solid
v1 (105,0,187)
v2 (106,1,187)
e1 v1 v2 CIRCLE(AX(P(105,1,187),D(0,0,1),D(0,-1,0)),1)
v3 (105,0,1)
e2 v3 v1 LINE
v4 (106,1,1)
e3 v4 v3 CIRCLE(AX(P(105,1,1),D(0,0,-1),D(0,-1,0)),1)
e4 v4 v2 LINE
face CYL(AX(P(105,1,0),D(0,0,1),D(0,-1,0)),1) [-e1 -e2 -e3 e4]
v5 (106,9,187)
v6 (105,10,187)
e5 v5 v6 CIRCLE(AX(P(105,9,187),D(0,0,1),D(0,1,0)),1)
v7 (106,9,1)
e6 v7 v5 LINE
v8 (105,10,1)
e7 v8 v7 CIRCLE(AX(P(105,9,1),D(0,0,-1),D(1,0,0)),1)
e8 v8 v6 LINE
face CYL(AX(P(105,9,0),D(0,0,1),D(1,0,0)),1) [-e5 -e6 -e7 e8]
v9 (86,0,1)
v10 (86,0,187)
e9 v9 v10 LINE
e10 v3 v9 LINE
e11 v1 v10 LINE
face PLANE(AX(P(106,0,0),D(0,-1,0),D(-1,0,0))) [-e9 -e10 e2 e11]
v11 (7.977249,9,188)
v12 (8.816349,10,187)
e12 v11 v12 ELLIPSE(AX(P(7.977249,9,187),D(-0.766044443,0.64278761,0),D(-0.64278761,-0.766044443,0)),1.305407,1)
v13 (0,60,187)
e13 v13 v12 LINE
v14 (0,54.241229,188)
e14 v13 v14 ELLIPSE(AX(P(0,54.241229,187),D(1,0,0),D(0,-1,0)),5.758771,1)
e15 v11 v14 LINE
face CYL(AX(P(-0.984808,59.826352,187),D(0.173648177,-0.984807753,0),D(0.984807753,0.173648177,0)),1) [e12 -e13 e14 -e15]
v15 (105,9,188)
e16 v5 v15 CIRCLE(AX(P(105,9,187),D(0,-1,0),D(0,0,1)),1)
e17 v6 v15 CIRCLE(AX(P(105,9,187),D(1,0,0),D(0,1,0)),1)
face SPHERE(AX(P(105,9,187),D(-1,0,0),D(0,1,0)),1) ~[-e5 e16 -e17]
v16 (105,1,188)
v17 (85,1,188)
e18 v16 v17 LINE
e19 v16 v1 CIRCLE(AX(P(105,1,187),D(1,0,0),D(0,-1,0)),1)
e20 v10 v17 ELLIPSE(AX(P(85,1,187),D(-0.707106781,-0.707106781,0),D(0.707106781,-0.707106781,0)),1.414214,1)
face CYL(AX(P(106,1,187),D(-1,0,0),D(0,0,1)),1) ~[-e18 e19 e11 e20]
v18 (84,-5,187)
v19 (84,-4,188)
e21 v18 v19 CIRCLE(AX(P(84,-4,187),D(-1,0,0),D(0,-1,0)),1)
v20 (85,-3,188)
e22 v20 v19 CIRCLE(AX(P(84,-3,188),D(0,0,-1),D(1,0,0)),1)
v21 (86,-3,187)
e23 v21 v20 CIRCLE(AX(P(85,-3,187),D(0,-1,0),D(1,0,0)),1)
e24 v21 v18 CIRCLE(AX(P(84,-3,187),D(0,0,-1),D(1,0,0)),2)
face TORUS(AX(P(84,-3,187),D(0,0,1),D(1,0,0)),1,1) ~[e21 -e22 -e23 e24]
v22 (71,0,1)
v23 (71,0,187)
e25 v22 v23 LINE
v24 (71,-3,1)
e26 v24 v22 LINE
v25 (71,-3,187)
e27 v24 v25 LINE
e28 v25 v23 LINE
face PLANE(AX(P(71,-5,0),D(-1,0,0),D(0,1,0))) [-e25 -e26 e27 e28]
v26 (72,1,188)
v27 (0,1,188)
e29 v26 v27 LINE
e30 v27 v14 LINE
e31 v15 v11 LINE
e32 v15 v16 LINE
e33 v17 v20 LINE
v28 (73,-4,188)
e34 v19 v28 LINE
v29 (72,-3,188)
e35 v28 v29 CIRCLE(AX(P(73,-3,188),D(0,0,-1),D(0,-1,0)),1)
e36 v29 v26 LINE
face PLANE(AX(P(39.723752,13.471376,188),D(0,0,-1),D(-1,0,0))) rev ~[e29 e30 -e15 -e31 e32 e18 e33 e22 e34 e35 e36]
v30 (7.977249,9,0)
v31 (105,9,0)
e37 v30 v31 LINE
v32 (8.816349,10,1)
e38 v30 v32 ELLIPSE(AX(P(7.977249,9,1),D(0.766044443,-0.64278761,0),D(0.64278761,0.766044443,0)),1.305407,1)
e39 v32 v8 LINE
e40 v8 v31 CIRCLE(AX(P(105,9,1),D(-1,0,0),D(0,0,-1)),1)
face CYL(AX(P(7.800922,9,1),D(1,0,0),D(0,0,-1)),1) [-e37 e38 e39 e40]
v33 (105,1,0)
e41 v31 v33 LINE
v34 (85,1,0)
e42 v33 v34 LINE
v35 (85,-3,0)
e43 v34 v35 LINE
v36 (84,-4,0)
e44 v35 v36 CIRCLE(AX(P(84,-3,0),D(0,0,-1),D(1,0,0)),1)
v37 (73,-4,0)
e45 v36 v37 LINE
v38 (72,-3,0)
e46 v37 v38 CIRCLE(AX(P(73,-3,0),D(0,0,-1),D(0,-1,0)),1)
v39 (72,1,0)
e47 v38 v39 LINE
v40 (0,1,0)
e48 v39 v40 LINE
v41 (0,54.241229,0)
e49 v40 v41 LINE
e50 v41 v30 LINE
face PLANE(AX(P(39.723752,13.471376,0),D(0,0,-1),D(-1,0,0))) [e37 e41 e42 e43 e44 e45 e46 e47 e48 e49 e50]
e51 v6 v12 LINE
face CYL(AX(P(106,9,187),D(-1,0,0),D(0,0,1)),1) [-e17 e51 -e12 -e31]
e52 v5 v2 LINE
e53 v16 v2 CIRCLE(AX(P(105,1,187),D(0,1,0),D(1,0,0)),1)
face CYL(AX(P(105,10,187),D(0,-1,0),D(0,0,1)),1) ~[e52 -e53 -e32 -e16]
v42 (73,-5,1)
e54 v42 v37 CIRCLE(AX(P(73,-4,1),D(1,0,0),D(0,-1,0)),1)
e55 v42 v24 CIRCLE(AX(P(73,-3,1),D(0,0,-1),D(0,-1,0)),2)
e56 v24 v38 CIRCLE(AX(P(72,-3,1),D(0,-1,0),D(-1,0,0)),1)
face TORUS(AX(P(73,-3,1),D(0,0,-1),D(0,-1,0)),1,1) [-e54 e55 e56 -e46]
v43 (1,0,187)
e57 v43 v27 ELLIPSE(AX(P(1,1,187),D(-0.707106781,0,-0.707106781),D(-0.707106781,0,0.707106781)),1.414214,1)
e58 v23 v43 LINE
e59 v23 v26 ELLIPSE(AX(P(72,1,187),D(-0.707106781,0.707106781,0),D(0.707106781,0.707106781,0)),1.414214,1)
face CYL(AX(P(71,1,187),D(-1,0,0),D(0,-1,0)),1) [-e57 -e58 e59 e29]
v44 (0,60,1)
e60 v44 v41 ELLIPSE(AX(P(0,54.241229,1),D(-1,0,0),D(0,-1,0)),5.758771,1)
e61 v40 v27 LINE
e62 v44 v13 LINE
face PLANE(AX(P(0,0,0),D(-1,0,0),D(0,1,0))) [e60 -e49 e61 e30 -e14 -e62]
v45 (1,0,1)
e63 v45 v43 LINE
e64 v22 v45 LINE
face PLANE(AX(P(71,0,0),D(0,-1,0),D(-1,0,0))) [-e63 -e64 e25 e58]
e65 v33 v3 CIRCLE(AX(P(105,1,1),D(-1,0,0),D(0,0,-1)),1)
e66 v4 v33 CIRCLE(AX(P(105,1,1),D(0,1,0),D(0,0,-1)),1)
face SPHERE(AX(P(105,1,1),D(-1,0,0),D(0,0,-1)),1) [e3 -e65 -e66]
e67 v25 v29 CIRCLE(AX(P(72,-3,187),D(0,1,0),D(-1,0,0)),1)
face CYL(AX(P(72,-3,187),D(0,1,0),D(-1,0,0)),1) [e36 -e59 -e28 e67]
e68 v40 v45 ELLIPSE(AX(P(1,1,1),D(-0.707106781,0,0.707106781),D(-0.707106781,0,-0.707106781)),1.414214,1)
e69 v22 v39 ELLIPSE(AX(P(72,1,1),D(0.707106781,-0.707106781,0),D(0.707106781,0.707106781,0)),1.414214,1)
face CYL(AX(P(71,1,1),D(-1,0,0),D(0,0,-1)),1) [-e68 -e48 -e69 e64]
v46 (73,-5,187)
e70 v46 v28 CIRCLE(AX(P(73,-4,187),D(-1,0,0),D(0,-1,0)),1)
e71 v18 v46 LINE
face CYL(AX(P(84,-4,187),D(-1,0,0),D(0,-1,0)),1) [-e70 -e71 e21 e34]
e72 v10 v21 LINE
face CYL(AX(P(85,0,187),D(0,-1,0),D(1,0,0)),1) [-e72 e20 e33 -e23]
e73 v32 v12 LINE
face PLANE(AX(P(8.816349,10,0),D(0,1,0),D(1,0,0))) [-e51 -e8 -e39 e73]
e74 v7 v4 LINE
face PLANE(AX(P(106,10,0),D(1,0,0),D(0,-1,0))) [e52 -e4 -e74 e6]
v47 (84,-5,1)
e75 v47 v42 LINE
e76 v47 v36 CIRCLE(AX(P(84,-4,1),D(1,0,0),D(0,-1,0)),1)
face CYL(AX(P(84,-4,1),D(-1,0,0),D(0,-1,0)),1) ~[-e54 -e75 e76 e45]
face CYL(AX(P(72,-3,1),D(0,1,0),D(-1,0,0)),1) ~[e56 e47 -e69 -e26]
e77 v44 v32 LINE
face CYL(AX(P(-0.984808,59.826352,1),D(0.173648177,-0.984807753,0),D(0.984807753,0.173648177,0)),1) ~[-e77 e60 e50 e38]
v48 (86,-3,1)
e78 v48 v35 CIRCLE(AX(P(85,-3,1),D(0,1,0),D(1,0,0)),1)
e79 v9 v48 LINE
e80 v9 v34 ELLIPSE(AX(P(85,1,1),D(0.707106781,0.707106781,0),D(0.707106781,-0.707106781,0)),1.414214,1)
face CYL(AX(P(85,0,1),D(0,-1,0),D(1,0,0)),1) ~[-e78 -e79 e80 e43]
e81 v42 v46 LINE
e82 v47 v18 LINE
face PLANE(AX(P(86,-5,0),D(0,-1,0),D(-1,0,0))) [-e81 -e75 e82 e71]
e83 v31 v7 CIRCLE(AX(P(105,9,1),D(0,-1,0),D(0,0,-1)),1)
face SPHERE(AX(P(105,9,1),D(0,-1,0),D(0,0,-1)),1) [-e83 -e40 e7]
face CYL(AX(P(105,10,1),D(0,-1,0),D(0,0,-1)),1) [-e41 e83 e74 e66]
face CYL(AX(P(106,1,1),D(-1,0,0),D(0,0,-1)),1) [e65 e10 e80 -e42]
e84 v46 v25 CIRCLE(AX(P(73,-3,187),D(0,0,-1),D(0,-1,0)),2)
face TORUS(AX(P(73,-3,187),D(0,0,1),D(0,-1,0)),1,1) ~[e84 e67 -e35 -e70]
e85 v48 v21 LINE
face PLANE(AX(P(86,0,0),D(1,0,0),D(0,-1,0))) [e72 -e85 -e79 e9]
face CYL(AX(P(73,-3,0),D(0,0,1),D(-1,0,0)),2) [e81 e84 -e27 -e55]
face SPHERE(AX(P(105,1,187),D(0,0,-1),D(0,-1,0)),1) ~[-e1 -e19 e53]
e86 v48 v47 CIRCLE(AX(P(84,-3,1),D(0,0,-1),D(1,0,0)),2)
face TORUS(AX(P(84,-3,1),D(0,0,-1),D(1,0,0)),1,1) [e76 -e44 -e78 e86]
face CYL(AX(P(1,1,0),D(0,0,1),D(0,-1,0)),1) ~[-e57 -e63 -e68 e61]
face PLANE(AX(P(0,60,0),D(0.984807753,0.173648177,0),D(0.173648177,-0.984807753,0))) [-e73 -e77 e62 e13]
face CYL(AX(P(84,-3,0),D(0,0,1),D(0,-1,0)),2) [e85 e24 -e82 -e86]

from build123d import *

# Parameters (mm, degrees)
EXTRUDE_DEPTH = 188
FILLET_R      = 1
FILLET001_R   = 2
FILLET002_R   = 1


with BuildPart() as part:
    # Sketch → Extrude (new body)
    with BuildSketch(Plane.XY):
        Polygon((0, 0), (0, 60), (8.816349, 10), (106, 10), (106, 0), (86, 0), (86, -5), (71, -5), (71, 0), align=None)
    extrude(amount=EXTRUDE_DEPTH)

    # Fillet
    fillet_edges = [part.edges().sort_by_distance(p)[0] for p in [
        (4.408175, 35, 0),
        (4.408175, 35, 188),
    ]]
    fillet(fillet_edges, radius=FILLET_R)

    # Fillet001
    fillet001_edges = [part.edges().sort_by_distance(p)[0] for p in [
        (71, -5, 94),
        (86, -5, 94),
    ]]
    fillet(fillet001_edges, radius=FILLET001_R)

    # Fillet002
    fillet002_edges = [part.edges().sort_by_distance(p)[0] for p in [
        (71, -1.5, 0),
        (78.5, -5, 0),
        (86, -1.5, 0),
        (96, 0, 0),
        (106, 5, 0),
        (57.408175, 10, 0),
        (35.5, 0, 0),
        (71, -1.5, 188),
        (35.5, 0, 188),
        (0, 0, 94),
        (78.5, -5, 188),
        (86, -1.5, 188),
        (57.408175, 10, 188),
        (106, 10, 94),
        (106, 0, 94),
        (96, 0, 188),
        (106, 5, 188),
    ]]
    fillet(fillet002_edges, radius=FILLET002_R)


solid = part.part
